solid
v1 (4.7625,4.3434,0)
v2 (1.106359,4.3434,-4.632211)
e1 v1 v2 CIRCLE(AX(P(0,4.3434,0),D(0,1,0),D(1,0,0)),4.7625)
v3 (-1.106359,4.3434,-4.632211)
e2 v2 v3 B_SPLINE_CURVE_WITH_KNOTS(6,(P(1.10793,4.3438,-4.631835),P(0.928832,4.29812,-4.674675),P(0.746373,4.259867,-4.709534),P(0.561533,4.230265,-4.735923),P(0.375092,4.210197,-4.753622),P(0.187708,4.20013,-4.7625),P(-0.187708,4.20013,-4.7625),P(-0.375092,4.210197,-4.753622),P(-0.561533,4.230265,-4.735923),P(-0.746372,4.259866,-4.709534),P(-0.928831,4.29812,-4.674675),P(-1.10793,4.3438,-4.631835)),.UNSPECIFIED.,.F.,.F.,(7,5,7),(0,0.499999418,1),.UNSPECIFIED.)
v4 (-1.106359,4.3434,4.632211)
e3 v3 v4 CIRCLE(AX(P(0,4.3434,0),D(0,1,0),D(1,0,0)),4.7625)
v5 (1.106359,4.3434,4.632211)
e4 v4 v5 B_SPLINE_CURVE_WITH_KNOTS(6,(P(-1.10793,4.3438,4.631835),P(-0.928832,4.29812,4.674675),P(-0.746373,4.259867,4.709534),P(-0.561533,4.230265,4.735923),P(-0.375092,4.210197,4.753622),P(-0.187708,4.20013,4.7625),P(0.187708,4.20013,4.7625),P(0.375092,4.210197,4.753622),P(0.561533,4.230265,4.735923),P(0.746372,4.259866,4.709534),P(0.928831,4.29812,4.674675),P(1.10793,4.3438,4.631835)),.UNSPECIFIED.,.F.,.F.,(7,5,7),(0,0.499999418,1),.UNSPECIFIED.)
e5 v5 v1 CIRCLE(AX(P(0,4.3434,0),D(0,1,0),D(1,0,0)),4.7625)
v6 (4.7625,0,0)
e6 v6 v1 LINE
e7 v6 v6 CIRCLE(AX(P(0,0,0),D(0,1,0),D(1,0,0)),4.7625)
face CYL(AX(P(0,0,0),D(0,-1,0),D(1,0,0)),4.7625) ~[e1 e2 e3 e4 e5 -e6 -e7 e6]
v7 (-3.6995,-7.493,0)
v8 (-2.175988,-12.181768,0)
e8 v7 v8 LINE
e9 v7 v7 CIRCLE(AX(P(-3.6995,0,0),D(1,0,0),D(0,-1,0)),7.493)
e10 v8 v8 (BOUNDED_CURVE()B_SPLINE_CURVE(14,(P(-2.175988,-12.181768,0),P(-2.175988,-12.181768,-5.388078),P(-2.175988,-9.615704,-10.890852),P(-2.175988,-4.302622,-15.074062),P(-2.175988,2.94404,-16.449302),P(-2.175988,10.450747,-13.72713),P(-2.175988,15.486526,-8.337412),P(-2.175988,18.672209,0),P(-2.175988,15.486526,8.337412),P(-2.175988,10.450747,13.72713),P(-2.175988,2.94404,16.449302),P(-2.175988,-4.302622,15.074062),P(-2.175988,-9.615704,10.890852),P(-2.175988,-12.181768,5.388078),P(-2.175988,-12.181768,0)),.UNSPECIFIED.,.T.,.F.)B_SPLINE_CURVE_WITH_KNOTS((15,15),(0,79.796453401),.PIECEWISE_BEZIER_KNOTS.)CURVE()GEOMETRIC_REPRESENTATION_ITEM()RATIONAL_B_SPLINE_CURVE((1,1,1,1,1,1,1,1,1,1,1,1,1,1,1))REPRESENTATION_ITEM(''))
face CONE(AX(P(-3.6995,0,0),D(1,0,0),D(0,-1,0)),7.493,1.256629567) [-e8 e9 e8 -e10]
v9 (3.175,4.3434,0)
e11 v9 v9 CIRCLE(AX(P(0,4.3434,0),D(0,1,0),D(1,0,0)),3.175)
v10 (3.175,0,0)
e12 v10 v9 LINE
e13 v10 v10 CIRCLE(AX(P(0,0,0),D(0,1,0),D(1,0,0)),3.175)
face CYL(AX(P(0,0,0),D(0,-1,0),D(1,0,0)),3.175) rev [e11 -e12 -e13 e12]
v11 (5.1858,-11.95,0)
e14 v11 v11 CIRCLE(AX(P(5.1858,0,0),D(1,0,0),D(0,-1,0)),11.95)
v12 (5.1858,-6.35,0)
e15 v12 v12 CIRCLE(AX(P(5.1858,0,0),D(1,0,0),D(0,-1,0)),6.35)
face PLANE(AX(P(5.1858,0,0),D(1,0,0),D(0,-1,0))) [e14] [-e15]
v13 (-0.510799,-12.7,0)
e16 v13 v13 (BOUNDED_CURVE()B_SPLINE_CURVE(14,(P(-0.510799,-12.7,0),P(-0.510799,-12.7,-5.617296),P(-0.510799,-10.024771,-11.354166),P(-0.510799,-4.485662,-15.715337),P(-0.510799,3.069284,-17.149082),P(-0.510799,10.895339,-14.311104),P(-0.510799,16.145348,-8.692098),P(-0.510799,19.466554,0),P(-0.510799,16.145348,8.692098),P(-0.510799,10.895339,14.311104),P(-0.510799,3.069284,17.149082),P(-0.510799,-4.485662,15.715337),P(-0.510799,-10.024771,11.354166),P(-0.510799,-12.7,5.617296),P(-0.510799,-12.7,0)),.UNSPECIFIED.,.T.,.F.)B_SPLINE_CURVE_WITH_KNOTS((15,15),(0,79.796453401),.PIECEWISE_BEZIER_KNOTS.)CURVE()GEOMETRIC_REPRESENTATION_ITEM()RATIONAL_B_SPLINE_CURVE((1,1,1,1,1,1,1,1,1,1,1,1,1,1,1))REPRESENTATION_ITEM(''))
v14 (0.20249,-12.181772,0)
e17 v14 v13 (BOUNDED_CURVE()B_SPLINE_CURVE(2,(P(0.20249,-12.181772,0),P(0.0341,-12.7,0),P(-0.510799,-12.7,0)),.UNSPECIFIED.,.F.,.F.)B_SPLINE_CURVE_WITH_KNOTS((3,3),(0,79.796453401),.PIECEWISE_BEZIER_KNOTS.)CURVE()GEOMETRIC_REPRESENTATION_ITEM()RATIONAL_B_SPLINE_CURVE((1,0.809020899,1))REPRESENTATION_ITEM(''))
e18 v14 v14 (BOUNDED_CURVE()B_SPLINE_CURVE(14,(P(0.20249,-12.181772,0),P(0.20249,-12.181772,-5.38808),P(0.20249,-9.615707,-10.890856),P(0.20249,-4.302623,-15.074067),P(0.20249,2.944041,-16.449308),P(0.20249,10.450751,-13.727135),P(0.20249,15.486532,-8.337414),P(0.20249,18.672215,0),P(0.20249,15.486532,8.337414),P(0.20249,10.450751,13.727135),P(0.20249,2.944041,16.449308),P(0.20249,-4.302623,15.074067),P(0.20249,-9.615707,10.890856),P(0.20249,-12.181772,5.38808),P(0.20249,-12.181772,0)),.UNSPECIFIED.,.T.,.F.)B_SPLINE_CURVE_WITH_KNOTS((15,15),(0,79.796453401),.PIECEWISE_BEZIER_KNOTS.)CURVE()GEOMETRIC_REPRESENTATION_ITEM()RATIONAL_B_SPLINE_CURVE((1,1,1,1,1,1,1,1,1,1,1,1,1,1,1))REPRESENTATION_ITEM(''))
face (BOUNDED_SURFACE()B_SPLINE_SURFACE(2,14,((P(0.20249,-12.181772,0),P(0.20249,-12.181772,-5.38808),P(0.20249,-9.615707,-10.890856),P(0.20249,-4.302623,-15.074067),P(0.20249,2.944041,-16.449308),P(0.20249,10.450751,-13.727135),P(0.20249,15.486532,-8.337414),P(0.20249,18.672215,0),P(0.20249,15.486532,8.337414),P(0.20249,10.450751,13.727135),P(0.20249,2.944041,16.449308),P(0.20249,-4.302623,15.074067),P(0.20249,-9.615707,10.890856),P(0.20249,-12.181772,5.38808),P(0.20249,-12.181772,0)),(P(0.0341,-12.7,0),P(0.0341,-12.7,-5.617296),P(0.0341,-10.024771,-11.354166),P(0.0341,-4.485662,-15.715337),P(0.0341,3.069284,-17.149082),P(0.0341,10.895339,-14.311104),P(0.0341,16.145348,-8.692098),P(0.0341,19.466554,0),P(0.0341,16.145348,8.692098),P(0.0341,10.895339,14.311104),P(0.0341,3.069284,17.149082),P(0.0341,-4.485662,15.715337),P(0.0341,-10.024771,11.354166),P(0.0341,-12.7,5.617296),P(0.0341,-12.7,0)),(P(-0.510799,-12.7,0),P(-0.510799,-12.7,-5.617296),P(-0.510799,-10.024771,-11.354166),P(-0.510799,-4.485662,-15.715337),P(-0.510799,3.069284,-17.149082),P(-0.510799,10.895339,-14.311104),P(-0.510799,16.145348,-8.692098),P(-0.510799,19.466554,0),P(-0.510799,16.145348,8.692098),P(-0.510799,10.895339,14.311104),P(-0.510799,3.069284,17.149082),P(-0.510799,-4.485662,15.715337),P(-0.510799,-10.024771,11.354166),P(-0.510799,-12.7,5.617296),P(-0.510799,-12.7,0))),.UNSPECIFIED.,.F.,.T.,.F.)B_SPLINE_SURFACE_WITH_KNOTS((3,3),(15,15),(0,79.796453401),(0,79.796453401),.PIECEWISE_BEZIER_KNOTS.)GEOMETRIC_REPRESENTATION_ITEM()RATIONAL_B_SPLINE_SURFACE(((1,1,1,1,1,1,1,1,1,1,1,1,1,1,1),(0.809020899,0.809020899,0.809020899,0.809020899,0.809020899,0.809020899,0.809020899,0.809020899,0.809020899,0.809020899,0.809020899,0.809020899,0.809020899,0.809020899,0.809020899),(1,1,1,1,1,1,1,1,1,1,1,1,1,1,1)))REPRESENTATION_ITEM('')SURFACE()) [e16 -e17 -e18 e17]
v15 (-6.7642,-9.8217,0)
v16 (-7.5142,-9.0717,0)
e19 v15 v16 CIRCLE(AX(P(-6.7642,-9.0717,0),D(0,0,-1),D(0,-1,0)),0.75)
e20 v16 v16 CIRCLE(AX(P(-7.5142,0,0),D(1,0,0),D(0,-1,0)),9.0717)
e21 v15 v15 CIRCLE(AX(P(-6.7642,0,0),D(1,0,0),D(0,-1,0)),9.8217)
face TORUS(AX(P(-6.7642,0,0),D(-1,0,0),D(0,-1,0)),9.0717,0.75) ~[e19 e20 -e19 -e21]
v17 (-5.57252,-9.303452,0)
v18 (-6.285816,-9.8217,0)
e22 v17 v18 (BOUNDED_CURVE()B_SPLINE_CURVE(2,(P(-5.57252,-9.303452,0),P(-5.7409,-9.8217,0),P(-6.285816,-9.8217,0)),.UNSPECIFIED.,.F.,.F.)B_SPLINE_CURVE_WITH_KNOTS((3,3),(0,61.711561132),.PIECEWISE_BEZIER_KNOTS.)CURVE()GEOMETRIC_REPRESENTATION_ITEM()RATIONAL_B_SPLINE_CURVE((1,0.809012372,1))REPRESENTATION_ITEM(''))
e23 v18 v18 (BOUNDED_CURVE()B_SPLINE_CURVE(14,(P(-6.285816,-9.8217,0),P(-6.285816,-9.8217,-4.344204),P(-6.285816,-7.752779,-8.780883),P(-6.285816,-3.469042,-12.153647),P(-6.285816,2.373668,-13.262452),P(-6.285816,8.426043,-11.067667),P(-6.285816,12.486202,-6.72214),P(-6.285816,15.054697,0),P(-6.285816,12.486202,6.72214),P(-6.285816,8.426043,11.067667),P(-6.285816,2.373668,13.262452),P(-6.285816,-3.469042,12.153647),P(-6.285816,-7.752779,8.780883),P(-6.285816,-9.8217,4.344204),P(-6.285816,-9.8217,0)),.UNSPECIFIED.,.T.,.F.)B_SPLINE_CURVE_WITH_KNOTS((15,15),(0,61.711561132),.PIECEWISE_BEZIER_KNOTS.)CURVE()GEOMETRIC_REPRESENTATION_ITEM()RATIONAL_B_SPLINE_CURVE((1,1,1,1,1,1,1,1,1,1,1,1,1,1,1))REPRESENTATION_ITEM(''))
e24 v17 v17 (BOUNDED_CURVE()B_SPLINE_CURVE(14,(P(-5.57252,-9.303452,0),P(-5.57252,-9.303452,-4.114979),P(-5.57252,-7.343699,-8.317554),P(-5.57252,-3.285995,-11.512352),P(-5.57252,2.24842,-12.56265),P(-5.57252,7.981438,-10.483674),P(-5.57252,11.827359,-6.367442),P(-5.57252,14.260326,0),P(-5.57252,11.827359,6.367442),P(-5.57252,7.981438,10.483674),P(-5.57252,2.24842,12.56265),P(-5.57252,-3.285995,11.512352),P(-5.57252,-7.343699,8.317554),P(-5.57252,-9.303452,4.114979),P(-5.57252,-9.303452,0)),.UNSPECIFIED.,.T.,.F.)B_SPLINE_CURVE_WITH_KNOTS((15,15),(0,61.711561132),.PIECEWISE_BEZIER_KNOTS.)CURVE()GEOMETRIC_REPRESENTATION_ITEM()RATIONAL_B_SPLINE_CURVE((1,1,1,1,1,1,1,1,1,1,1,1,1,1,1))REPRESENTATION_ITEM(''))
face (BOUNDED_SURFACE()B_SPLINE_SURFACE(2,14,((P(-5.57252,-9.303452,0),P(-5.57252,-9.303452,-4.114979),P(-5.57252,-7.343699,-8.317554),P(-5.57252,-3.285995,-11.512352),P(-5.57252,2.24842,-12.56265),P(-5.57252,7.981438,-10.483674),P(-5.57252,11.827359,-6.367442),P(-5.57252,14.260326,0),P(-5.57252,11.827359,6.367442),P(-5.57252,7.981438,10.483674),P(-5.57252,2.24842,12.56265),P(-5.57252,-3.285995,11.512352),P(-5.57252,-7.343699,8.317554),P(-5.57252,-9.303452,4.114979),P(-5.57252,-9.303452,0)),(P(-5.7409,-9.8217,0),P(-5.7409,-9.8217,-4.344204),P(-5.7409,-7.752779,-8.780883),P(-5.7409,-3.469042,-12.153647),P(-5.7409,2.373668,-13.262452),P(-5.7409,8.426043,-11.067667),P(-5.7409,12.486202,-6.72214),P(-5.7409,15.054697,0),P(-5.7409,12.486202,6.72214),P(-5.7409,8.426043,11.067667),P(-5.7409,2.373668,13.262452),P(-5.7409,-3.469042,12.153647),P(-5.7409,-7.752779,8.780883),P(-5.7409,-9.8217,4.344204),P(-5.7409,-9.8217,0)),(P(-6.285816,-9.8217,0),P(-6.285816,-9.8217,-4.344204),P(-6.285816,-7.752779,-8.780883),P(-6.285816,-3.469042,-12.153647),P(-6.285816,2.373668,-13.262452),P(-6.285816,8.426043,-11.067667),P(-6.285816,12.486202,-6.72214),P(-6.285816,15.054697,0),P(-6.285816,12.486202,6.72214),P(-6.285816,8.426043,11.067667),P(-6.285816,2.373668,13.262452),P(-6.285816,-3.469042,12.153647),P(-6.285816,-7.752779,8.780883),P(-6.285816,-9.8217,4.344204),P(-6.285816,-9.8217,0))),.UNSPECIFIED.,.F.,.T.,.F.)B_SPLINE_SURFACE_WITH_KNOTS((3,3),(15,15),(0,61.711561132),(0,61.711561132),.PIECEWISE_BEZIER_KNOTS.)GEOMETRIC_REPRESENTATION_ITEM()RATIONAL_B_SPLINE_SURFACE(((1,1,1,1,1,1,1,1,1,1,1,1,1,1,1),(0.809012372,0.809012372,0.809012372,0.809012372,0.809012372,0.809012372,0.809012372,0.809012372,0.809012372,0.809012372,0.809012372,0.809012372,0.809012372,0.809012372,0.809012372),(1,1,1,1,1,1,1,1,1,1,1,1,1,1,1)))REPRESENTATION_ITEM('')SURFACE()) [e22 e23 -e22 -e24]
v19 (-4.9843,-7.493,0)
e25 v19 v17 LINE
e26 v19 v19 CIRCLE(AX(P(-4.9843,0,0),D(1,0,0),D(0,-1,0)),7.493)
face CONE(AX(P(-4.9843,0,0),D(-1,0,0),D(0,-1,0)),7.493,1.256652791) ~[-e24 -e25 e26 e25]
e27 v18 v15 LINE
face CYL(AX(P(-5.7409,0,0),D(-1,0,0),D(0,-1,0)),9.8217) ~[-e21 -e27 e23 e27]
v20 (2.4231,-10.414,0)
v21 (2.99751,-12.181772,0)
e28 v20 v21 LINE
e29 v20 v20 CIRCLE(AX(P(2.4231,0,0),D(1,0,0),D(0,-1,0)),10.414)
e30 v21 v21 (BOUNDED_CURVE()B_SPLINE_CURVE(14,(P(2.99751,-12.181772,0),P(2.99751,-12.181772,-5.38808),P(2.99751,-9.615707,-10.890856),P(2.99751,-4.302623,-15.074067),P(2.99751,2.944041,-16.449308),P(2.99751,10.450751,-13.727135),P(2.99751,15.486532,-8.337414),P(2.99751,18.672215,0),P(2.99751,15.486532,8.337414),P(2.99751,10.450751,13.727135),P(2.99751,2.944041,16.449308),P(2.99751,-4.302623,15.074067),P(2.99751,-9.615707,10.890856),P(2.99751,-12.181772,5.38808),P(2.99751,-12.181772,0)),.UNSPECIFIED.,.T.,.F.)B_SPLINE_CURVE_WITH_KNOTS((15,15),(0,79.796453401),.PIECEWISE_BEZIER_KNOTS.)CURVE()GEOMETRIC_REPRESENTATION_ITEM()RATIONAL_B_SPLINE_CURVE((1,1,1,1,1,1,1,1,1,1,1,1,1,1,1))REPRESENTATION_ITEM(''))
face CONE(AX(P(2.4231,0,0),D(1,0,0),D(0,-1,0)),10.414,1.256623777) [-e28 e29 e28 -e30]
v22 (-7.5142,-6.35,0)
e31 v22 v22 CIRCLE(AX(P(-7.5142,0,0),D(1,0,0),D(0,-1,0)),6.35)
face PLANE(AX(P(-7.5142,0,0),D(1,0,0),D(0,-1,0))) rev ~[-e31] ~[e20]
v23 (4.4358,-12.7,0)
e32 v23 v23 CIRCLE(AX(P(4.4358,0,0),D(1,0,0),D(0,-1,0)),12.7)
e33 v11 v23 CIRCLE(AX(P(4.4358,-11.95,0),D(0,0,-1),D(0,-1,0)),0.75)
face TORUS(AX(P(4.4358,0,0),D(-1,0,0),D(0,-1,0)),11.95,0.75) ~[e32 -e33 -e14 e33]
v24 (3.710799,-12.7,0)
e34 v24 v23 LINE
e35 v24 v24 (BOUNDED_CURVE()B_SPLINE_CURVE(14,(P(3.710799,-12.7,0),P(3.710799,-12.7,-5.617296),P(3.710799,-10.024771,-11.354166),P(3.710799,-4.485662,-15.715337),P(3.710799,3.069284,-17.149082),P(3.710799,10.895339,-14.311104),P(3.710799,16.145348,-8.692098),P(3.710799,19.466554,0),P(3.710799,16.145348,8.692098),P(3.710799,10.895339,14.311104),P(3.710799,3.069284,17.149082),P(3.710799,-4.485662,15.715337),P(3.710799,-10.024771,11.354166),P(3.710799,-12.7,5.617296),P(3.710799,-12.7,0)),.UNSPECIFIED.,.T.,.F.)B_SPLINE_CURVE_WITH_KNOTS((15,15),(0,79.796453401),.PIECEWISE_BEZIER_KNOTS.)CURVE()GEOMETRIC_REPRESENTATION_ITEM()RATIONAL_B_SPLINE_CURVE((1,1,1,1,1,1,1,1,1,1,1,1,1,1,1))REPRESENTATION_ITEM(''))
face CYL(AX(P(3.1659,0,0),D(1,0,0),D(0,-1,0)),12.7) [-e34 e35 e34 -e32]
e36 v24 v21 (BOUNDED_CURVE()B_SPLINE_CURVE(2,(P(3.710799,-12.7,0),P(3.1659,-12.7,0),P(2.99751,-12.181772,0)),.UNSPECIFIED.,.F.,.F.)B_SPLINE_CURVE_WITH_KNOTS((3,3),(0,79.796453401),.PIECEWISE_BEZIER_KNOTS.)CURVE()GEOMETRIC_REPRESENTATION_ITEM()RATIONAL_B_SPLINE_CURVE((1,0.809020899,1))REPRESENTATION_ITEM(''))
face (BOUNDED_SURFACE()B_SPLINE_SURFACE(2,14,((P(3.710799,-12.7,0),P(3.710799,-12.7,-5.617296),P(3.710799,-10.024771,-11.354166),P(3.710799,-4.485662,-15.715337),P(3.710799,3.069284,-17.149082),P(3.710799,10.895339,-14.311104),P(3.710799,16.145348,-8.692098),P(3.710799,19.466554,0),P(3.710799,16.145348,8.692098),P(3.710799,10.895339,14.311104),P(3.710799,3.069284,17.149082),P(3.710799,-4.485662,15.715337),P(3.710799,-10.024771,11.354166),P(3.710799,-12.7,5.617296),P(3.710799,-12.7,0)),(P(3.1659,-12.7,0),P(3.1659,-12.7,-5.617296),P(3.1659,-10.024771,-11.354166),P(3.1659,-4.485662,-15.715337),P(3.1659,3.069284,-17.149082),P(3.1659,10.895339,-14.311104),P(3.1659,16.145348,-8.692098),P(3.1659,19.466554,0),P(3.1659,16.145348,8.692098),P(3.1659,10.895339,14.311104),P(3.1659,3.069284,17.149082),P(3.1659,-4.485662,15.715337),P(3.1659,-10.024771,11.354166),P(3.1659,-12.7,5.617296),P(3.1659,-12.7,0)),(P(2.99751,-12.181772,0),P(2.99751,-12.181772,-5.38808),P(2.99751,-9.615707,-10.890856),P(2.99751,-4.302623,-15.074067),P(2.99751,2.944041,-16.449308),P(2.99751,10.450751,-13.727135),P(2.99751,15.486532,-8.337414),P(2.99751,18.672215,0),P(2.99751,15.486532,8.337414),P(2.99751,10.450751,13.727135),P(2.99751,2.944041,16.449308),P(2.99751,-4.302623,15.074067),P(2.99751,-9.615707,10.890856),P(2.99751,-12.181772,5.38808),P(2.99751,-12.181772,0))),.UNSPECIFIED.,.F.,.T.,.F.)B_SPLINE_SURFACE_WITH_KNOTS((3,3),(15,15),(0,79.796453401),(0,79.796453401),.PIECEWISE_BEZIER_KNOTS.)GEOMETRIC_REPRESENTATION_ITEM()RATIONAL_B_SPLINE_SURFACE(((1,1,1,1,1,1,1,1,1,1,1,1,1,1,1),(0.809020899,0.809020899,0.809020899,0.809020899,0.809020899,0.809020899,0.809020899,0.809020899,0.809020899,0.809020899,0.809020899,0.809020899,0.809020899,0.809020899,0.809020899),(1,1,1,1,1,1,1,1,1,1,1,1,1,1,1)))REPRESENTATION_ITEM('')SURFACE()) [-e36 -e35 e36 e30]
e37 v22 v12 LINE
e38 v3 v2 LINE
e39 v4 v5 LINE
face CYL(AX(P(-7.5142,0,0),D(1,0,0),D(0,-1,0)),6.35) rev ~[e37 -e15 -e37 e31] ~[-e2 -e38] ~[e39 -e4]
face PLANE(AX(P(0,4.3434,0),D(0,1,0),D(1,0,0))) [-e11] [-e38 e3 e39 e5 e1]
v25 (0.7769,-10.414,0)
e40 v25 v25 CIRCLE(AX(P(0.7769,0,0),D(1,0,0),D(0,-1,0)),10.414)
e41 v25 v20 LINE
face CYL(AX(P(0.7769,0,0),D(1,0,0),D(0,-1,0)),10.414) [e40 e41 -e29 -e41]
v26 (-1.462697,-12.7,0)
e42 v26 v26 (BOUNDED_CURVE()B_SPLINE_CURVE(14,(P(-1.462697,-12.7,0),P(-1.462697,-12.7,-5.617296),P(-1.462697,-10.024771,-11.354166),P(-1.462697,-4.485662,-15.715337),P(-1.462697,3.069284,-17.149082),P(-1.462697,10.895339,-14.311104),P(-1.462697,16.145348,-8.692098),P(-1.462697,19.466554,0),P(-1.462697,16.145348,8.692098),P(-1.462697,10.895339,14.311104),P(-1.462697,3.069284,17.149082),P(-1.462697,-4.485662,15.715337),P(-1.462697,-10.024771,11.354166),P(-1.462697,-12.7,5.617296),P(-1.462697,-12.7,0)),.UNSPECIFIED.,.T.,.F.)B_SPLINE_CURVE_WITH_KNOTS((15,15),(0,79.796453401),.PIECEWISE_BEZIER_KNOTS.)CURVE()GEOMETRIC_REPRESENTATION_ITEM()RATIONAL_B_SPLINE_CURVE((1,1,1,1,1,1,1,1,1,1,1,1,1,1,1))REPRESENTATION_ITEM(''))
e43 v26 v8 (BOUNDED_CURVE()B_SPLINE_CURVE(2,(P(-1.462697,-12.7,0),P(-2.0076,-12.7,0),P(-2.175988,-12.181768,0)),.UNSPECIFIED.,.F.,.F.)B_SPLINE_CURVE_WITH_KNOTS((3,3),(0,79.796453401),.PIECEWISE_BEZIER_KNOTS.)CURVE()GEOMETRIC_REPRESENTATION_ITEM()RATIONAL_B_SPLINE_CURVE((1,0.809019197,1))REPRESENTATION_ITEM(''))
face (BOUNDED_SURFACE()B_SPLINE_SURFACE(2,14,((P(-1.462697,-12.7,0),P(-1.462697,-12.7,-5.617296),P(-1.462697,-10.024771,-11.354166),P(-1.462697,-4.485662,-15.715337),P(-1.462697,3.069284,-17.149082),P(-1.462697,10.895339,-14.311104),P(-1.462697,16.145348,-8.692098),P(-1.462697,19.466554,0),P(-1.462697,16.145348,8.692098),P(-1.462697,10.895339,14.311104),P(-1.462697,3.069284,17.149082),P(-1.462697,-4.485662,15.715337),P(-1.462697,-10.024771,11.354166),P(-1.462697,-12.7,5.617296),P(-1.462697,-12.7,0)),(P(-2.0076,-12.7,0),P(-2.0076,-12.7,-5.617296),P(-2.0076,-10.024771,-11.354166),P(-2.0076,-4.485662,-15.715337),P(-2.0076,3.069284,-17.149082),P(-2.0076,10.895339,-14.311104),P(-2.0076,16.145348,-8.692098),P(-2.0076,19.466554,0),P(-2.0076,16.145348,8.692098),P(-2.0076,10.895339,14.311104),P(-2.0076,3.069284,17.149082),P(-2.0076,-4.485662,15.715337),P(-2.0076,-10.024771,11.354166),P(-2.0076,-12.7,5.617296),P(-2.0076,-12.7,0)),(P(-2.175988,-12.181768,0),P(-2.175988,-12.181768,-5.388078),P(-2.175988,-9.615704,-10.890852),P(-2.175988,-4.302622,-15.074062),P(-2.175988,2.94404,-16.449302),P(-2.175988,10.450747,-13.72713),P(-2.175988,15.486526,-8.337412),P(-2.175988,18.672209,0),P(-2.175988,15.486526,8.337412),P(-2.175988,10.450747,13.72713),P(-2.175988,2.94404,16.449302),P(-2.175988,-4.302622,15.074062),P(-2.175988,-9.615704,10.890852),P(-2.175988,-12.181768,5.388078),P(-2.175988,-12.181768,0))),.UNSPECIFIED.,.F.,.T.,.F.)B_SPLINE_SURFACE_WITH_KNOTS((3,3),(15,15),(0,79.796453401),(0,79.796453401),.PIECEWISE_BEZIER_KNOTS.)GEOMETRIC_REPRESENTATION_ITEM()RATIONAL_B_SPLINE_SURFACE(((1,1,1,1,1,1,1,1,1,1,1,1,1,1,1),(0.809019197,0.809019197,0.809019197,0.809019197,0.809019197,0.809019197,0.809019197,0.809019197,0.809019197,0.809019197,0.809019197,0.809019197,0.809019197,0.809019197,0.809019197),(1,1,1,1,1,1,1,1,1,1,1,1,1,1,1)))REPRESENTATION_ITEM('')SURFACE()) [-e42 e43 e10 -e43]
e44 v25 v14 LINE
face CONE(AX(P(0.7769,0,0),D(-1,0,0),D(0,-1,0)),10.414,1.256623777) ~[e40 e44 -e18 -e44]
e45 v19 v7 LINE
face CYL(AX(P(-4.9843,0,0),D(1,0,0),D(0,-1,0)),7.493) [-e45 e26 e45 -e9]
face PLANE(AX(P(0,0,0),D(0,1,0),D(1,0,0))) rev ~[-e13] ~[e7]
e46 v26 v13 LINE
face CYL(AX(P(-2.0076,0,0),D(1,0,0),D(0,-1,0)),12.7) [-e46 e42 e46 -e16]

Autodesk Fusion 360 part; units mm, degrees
sketch "Sketch2" plane through (0, 0, 0) normal (0, 0, 1) x (1, 0, 0)
  line L0 (-4.9843, -7.493) -> (-5.7409, -9.8217)
  line L1 (-4.9843, -7.493) -> (-3.6995, -7.493)
  line L2 (-3.6995, -7.493) -> (-2.0076, -12.7)
  line L3 (0.7769, -10.414) -> (0.0341, -12.7)
  line L4 (0.7769, -10.414) -> (2.4231, -10.414)
  line L5 (2.4231, -10.414) -> (3.1659, -12.7)
  circle A0 centre (1.6, -12.2784) radius 1.359 construction
  line L6 (3.1659, -12.7) -> (5.1858, -12.7)
  line L7 (-2.0076, -12.7) -> (0.0341, -12.7)
  circle A1 centre (-4.3419, -8.7519) radius 1 construction
  line L8 (-7.5142, -9.8217) -> (-7.5142, -6.35)
  line L9 (-7.5142, 0) -> (5, 0)
  line L10 (-7.5142, -6.35) -> (5.1858, -6.35)
  line L11 (5.1858, -12.7) -> (5.1858, -6.35)
  line L12 (-5.7409, -9.8217) -> (-7.5142, -9.8217)
  dimension "d142_1_1_1" = 12.7
  dimension "d145_1_1_1" = 108
  dimension "d146_1_1_1" = 108
  dimension "d147_1_1_1" = 1.6
  dimension "d150_1_1_1" = 10.414
  dimension "d152_1_1_1" = 12.2784
  dimension "d158_1_1_1" = 12.7
  dimension "d159_1_1_1" = 6.35
  dimension "d161_1_1_1" = 108
  dimension "d162_1_1_1" = 7.493
  dimension "d165_1_1_1" = 108
  dimension "d166_1_1_1" = 2
  dimension "d167_1_1_1" = 7.5142
  dimension "d169_1_1_1" = 9.8217
  dimension "d64_1_1" = 1.6462
  dimension "d65_1_1" = 2.5299
  dimension "d66_1_1" = 2.0418
revolve "Revolve2" add sketch "Sketch2" angle 360 about axis through (-7.5142, 0, 0) along (1, 0, 0)
fillet "Fillet1" radius 0.75 6 edges at (-7.5142, -3.5517, -9.1571) (-5.7409, -3.5517, -9.1571) (-2.0076, -4.5925, -11.8406) (0.0341, -4.5925, -11.8406) (3.1659, -4.5925, -11.8406) (5.1858, -4.5925, -11.8406)
equation "d116_1 = 0.0000 in"
equation "d117_1 = 0.0000 in"
equation "d118_1 = 0.0000 in"
equation "d119_1 = 0.000 deg"
equation "d128_1 = 0.0000 in"
equation "d129_1 = 0.0000 in"
equation "d130_1 = 0.0000 in"
equation "d131_1 = 0.000 deg"

Autodesk Fusion 360 part; units mm, degrees
sketch "Sketch1" plane through (0, 0, 0) normal (0, 1, 0) x (1, 0, 0)
  circle A0 centre (0, 0) radius 3.175
  circle A1 centre (0, 0) radius 4.7625
  dimension "d1" = 6.35
  dimension "d2" = 9.525
extrude "Extrude1" add sketch "Sketch1" along normal blind 4.3434
